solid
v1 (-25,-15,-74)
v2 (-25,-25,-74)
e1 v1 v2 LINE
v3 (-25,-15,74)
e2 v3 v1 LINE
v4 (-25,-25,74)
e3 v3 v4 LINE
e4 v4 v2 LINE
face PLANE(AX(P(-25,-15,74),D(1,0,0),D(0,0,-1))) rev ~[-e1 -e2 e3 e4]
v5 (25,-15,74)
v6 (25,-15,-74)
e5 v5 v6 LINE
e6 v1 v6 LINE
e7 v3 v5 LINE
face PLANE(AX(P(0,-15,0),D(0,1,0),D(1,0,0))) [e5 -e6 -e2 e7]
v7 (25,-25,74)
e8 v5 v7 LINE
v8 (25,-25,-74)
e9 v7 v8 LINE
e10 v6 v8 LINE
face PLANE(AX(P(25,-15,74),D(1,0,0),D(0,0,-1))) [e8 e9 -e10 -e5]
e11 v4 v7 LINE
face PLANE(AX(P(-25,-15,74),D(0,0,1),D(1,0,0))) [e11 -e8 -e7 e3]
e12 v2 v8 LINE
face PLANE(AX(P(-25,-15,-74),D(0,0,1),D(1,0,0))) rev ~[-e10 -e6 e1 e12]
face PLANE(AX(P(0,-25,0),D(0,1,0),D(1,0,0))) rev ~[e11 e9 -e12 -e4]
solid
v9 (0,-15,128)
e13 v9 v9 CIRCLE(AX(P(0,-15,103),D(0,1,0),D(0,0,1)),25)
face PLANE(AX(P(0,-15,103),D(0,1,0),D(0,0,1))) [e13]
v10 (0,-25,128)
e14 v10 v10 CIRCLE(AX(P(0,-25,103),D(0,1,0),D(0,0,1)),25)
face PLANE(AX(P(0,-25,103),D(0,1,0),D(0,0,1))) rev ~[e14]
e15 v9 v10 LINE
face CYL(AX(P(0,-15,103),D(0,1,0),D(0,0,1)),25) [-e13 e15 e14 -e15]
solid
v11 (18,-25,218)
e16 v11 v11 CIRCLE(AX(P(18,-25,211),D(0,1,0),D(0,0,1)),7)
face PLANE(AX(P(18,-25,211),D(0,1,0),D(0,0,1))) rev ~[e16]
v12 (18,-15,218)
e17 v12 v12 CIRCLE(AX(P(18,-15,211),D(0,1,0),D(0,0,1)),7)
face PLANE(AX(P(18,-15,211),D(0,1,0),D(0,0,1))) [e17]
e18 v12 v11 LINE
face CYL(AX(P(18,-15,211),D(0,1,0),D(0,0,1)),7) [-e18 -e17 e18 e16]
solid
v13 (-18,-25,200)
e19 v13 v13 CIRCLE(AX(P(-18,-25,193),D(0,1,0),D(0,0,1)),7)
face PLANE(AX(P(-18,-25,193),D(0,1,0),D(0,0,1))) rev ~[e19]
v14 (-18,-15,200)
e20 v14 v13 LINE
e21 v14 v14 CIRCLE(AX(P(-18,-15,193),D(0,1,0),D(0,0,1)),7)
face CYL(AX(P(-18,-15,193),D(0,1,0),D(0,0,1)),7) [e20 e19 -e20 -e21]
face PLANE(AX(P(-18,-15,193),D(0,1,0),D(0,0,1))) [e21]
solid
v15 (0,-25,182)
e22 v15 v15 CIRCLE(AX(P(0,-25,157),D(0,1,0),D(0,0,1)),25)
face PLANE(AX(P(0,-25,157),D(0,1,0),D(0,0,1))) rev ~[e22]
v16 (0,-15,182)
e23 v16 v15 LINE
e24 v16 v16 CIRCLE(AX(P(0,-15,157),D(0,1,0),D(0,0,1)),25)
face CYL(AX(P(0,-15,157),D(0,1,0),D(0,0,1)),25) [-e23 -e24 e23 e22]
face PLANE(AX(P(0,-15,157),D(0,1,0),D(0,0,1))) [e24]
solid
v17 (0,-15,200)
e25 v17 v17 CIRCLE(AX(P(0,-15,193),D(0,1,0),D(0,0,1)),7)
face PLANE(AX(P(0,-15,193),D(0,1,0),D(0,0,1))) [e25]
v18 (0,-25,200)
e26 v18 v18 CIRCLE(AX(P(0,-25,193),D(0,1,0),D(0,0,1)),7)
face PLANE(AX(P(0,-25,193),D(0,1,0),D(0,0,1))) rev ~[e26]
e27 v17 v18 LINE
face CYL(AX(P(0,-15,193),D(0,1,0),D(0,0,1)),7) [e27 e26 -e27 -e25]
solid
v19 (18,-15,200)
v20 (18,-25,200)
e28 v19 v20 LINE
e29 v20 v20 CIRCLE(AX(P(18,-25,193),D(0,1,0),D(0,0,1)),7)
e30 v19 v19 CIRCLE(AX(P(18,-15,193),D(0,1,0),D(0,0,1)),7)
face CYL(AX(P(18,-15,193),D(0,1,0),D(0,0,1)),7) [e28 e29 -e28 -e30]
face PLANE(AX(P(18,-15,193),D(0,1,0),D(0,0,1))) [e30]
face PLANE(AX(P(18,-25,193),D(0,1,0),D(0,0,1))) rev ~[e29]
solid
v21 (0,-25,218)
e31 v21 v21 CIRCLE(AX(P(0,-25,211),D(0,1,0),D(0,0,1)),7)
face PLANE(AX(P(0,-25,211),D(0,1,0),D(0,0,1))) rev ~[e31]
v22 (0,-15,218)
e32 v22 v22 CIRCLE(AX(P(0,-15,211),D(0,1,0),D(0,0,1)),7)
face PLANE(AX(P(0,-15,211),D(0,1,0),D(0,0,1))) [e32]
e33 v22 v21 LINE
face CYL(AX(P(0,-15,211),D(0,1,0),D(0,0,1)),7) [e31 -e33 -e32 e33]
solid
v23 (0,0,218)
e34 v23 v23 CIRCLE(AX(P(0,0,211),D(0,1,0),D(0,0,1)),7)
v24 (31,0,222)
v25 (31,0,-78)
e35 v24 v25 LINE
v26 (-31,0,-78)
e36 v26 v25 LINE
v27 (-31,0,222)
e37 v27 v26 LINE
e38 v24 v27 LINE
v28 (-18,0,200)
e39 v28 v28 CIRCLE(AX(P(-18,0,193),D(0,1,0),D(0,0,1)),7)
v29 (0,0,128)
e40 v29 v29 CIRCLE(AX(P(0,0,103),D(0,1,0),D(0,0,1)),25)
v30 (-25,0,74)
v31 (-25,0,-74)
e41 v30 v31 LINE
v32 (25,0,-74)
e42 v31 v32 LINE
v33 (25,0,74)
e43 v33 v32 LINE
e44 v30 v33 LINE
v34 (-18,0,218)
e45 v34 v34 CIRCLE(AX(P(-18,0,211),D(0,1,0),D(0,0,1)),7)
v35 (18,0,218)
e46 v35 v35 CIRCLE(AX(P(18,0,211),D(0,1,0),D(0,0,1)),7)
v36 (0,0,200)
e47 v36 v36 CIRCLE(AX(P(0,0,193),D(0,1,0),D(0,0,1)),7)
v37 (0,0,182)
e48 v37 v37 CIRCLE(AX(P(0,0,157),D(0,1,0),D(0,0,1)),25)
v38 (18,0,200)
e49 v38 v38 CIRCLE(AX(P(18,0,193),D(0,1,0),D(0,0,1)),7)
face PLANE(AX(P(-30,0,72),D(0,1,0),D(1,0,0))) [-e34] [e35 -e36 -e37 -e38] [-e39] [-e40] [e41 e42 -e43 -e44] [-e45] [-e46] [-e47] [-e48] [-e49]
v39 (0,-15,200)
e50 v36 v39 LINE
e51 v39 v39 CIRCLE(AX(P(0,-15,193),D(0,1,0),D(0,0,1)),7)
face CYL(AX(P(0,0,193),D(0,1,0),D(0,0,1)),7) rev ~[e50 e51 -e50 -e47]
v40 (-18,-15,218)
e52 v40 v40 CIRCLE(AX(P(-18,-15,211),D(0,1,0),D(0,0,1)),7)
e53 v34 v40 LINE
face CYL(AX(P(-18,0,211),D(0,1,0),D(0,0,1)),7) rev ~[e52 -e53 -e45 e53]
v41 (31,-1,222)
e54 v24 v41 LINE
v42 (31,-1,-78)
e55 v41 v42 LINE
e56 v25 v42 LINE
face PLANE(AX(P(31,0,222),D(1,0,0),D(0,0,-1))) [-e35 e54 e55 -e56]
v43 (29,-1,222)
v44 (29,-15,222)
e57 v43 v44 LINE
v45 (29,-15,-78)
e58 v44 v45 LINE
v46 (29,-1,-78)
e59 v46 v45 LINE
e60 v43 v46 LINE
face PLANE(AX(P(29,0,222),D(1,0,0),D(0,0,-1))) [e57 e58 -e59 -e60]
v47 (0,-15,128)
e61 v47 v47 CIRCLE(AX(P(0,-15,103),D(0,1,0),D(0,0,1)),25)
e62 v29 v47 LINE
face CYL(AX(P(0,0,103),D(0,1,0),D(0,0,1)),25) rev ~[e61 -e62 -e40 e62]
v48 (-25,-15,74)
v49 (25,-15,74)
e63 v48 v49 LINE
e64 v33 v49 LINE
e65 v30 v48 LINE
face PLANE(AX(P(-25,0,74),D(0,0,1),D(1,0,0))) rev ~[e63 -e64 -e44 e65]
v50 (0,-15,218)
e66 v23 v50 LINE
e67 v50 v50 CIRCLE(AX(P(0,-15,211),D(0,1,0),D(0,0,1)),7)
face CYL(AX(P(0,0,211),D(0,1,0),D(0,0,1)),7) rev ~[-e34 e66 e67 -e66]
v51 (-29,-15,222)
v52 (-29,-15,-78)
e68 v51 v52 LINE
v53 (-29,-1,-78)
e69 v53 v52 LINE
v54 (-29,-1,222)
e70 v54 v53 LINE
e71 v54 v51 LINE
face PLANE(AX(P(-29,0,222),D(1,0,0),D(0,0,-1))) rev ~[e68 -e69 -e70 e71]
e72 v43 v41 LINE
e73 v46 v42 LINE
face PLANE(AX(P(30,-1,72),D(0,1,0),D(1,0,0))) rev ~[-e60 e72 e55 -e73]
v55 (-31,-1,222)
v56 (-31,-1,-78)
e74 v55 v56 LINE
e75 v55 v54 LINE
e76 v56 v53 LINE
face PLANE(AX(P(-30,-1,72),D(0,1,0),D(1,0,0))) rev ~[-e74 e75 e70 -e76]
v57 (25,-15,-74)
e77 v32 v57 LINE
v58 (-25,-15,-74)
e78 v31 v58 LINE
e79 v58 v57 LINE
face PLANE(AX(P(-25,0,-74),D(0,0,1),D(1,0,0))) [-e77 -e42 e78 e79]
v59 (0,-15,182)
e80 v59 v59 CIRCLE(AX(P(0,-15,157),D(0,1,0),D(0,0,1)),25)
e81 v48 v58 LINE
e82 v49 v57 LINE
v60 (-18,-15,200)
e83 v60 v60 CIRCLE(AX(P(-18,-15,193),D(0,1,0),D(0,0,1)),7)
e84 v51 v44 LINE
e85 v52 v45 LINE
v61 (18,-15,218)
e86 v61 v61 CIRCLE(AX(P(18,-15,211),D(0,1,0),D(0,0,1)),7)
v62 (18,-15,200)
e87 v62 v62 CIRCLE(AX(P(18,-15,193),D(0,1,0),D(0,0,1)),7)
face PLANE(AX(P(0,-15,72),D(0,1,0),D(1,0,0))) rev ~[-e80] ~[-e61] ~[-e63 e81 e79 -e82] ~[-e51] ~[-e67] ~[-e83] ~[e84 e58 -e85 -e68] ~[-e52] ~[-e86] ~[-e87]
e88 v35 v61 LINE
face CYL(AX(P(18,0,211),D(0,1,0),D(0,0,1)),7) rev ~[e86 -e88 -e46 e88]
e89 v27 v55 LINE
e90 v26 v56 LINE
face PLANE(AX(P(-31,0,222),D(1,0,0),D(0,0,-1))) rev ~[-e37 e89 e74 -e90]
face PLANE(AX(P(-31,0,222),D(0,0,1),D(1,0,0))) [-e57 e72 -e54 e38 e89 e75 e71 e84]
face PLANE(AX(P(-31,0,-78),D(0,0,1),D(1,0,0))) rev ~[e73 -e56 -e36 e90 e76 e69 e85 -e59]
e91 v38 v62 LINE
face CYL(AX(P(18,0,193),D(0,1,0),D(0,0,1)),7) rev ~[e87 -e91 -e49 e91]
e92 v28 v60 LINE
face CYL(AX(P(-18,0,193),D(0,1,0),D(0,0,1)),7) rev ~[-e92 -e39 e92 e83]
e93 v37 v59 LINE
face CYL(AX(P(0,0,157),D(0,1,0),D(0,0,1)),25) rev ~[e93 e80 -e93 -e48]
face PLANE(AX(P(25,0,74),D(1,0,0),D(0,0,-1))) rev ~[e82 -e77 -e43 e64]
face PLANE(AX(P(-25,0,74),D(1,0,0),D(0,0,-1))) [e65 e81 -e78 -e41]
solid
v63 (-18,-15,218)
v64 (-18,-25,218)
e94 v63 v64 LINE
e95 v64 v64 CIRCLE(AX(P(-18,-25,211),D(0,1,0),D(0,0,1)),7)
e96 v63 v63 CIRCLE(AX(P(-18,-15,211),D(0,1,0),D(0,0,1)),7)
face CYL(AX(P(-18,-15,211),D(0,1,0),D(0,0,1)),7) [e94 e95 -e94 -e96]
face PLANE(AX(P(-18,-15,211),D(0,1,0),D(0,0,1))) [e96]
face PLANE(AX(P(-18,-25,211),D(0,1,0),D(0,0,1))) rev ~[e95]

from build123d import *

# Parameters (mm, degrees)
SKETCH1_W             = 58
SKETCH1_H             = 300
SKETCH1_R             = 7
SKETCH1_R_2           = 25
SKETCH1_W_2           = 50
SKETCH1_H_2           = 148
BOSS_EXTRUDE1_DEPTH   = 15
BOSS_EXTRUDE2_START   = -15
SKETCH3_W             = 50
SKETCH3_H             = 148
BOSS_EXTRUDE2_DEPTH   = 10
SKETCH3_R             = 25
BOSS_EXTRUDE2_2_DEPTH = 10
BOSS_EXTRUDE2_3_DEPTH = 10
SKETCH3_R_2           = 7
BOSS_EXTRUDE2_4_DEPTH = 10
BOSS_EXTRUDE2_5_DEPTH = 10
BOSS_EXTRUDE2_6_DEPTH = 10
BOSS_EXTRUDE2_7_DEPTH = 10
BOSS_EXTRUDE2_8_DEPTH = 10
BOSS_EXTRUDE2_9_DEPTH = 10
SKETCH6_W             = 2
SKETCH6_H             = 300
BOSS_EXTRUDE4_DEPTH   = 1


with BuildPart() as part:
    # Sketch1 → Boss-Extrude1 (new body)
    with BuildSketch(Plane(origin=(0, 0, 0), x_dir=(1, 0, 0), z_dir=(0, 1, 0))):
        with Locations((0, -72)):
            Rectangle(SKETCH1_W, SKETCH1_H)
        with Locations(Location((-18, -193, 0), (0, 0, 270))):
            Circle(SKETCH1_R, mode=Mode.SUBTRACT)
        with Locations(Location((0, -193, 0), (0, 0, 270))):
            Circle(SKETCH1_R, mode=Mode.SUBTRACT)
        with Locations(Location((18, -193, 0), (0, 0, 270))):
            Circle(SKETCH1_R, mode=Mode.SUBTRACT)
        with Locations(Location((-18, -211, 0), (0, 0, 270))):
            Circle(SKETCH1_R, mode=Mode.SUBTRACT)
        with Locations(Location((0, -211, 0), (0, 0, 270))):
            Circle(SKETCH1_R, mode=Mode.SUBTRACT)
        with Locations(Location((18, -211, 0), (0, 0, 270))):
            Circle(SKETCH1_R, mode=Mode.SUBTRACT)
        with Locations(Location((0, -157, 0), (0, 0, 270))):
            Circle(SKETCH1_R_2, mode=Mode.SUBTRACT)
        with Locations(Location((0, -103, 0), (0, 0, 270))):
            Circle(SKETCH1_R_2, mode=Mode.SUBTRACT)
        Rectangle(SKETCH1_W_2, SKETCH1_H_2, mode=Mode.SUBTRACT)
    extrude(amount=-BOSS_EXTRUDE1_DEPTH)

    # Sketch6 → Boss-Extrude4 (add)
    with BuildSketch(Plane(origin=(0, 0, 0), x_dir=(1, 0, 0), z_dir=(0, 1, 0))):
        with Locations((-30, -72)):
            Rectangle(SKETCH6_W, SKETCH6_H)
        with Locations((30, -72)):
            Rectangle(SKETCH6_W, SKETCH6_H)
    extrude(amount=-BOSS_EXTRUDE4_DEPTH)


with BuildPart() as body_2:
    # Sketch3 → Boss-Extrude2 (new body)
    with BuildSketch(Plane(origin=(0, 0, 0), x_dir=(1, 0, 0), z_dir=(0, 1, 0)).offset(BOSS_EXTRUDE2_START)):
        Rectangle(SKETCH3_W, SKETCH3_H)
    extrude(amount=-BOSS_EXTRUDE2_DEPTH)


with BuildPart() as body_3:
    # Sketch3 → Boss-Extrude2 2 (new body)
    with BuildSketch(Plane(origin=(0, 0, 0), x_dir=(1, 0, 0), z_dir=(0, 1, 0)).offset(BOSS_EXTRUDE2_START)):
        with Locations(Location((0, -103, 0), (0, 0, 270))):
            Circle(SKETCH3_R)
    extrude(amount=-BOSS_EXTRUDE2_2_DEPTH)


with BuildPart() as body_4:
    # Sketch3 → Boss-Extrude2 3 (new body)
    with BuildSketch(Plane(origin=(0, 0, 0), x_dir=(1, 0, 0), z_dir=(0, 1, 0)).offset(BOSS_EXTRUDE2_START)):
        with Locations(Location((0, -157, 0), (0, 0, 270))):
            Circle(SKETCH3_R)
    extrude(amount=-BOSS_EXTRUDE2_3_DEPTH)


with BuildPart() as body_5:
    # Sketch3 → Boss-Extrude2 4 (new body)
    with BuildSketch(Plane(origin=(0, 0, 0), x_dir=(1, 0, 0), z_dir=(0, 1, 0)).offset(BOSS_EXTRUDE2_START)):
        with Locations(Location((-18, -193, 0), (0, 0, 270))):
            Circle(SKETCH3_R_2)
    extrude(amount=-BOSS_EXTRUDE2_4_DEPTH)


with BuildPart() as body_6:
    # Sketch3 → Boss-Extrude2 5 (new body)
    with BuildSketch(Plane(origin=(0, 0, 0), x_dir=(1, 0, 0), z_dir=(0, 1, 0)).offset(BOSS_EXTRUDE2_START)):
        with Locations(Location((0, -193, 0), (0, 0, 270))):
            Circle(SKETCH3_R_2)
    extrude(amount=-BOSS_EXTRUDE2_5_DEPTH)


with BuildPart() as body_7:
    # Sketch3 → Boss-Extrude2 6 (new body)
    with BuildSketch(Plane(origin=(0, 0, 0), x_dir=(1, 0, 0), z_dir=(0, 1, 0)).offset(BOSS_EXTRUDE2_START)):
        with Locations(Location((18, -193, 0), (0, 0, 270))):
            Circle(SKETCH3_R_2)
    extrude(amount=-BOSS_EXTRUDE2_6_DEPTH)


with BuildPart() as body_8:
    # Sketch3 → Boss-Extrude2 7 (new body)
    with BuildSketch(Plane(origin=(0, 0, 0), x_dir=(1, 0, 0), z_dir=(0, 1, 0)).offset(BOSS_EXTRUDE2_START)):
        with Locations(Location((18, -211, 0), (0, 0, 270))):
            Circle(SKETCH3_R_2)
    extrude(amount=-BOSS_EXTRUDE2_7_DEPTH)


with BuildPart() as body_9:
    # Sketch3 → Boss-Extrude2 8 (new body)
    with BuildSketch(Plane(origin=(0, 0, 0), x_dir=(1, 0, 0), z_dir=(0, 1, 0)).offset(BOSS_EXTRUDE2_START)):
        with Locations(Location((0, -211, 0), (0, 0, 270))):
            Circle(SKETCH3_R_2)
    extrude(amount=-BOSS_EXTRUDE2_8_DEPTH)


with BuildPart() as body_10:
    # Sketch3 → Boss-Extrude2 9 (new body)
    with BuildSketch(Plane(origin=(0, 0, 0), x_dir=(1, 0, 0), z_dir=(0, 1, 0)).offset(BOSS_EXTRUDE2_START)):
        with Locations(Location((-18, -211, 0), (0, 0, 270))):
            Circle(SKETCH3_R_2)
    extrude(amount=-BOSS_EXTRUDE2_9_DEPTH)


solid = Compound([part.part, body_2.part, body_3.part, body_4.part, body_5.part, body_6.part, body_7.part, body_8.part, body_9.part, body_10.part])
